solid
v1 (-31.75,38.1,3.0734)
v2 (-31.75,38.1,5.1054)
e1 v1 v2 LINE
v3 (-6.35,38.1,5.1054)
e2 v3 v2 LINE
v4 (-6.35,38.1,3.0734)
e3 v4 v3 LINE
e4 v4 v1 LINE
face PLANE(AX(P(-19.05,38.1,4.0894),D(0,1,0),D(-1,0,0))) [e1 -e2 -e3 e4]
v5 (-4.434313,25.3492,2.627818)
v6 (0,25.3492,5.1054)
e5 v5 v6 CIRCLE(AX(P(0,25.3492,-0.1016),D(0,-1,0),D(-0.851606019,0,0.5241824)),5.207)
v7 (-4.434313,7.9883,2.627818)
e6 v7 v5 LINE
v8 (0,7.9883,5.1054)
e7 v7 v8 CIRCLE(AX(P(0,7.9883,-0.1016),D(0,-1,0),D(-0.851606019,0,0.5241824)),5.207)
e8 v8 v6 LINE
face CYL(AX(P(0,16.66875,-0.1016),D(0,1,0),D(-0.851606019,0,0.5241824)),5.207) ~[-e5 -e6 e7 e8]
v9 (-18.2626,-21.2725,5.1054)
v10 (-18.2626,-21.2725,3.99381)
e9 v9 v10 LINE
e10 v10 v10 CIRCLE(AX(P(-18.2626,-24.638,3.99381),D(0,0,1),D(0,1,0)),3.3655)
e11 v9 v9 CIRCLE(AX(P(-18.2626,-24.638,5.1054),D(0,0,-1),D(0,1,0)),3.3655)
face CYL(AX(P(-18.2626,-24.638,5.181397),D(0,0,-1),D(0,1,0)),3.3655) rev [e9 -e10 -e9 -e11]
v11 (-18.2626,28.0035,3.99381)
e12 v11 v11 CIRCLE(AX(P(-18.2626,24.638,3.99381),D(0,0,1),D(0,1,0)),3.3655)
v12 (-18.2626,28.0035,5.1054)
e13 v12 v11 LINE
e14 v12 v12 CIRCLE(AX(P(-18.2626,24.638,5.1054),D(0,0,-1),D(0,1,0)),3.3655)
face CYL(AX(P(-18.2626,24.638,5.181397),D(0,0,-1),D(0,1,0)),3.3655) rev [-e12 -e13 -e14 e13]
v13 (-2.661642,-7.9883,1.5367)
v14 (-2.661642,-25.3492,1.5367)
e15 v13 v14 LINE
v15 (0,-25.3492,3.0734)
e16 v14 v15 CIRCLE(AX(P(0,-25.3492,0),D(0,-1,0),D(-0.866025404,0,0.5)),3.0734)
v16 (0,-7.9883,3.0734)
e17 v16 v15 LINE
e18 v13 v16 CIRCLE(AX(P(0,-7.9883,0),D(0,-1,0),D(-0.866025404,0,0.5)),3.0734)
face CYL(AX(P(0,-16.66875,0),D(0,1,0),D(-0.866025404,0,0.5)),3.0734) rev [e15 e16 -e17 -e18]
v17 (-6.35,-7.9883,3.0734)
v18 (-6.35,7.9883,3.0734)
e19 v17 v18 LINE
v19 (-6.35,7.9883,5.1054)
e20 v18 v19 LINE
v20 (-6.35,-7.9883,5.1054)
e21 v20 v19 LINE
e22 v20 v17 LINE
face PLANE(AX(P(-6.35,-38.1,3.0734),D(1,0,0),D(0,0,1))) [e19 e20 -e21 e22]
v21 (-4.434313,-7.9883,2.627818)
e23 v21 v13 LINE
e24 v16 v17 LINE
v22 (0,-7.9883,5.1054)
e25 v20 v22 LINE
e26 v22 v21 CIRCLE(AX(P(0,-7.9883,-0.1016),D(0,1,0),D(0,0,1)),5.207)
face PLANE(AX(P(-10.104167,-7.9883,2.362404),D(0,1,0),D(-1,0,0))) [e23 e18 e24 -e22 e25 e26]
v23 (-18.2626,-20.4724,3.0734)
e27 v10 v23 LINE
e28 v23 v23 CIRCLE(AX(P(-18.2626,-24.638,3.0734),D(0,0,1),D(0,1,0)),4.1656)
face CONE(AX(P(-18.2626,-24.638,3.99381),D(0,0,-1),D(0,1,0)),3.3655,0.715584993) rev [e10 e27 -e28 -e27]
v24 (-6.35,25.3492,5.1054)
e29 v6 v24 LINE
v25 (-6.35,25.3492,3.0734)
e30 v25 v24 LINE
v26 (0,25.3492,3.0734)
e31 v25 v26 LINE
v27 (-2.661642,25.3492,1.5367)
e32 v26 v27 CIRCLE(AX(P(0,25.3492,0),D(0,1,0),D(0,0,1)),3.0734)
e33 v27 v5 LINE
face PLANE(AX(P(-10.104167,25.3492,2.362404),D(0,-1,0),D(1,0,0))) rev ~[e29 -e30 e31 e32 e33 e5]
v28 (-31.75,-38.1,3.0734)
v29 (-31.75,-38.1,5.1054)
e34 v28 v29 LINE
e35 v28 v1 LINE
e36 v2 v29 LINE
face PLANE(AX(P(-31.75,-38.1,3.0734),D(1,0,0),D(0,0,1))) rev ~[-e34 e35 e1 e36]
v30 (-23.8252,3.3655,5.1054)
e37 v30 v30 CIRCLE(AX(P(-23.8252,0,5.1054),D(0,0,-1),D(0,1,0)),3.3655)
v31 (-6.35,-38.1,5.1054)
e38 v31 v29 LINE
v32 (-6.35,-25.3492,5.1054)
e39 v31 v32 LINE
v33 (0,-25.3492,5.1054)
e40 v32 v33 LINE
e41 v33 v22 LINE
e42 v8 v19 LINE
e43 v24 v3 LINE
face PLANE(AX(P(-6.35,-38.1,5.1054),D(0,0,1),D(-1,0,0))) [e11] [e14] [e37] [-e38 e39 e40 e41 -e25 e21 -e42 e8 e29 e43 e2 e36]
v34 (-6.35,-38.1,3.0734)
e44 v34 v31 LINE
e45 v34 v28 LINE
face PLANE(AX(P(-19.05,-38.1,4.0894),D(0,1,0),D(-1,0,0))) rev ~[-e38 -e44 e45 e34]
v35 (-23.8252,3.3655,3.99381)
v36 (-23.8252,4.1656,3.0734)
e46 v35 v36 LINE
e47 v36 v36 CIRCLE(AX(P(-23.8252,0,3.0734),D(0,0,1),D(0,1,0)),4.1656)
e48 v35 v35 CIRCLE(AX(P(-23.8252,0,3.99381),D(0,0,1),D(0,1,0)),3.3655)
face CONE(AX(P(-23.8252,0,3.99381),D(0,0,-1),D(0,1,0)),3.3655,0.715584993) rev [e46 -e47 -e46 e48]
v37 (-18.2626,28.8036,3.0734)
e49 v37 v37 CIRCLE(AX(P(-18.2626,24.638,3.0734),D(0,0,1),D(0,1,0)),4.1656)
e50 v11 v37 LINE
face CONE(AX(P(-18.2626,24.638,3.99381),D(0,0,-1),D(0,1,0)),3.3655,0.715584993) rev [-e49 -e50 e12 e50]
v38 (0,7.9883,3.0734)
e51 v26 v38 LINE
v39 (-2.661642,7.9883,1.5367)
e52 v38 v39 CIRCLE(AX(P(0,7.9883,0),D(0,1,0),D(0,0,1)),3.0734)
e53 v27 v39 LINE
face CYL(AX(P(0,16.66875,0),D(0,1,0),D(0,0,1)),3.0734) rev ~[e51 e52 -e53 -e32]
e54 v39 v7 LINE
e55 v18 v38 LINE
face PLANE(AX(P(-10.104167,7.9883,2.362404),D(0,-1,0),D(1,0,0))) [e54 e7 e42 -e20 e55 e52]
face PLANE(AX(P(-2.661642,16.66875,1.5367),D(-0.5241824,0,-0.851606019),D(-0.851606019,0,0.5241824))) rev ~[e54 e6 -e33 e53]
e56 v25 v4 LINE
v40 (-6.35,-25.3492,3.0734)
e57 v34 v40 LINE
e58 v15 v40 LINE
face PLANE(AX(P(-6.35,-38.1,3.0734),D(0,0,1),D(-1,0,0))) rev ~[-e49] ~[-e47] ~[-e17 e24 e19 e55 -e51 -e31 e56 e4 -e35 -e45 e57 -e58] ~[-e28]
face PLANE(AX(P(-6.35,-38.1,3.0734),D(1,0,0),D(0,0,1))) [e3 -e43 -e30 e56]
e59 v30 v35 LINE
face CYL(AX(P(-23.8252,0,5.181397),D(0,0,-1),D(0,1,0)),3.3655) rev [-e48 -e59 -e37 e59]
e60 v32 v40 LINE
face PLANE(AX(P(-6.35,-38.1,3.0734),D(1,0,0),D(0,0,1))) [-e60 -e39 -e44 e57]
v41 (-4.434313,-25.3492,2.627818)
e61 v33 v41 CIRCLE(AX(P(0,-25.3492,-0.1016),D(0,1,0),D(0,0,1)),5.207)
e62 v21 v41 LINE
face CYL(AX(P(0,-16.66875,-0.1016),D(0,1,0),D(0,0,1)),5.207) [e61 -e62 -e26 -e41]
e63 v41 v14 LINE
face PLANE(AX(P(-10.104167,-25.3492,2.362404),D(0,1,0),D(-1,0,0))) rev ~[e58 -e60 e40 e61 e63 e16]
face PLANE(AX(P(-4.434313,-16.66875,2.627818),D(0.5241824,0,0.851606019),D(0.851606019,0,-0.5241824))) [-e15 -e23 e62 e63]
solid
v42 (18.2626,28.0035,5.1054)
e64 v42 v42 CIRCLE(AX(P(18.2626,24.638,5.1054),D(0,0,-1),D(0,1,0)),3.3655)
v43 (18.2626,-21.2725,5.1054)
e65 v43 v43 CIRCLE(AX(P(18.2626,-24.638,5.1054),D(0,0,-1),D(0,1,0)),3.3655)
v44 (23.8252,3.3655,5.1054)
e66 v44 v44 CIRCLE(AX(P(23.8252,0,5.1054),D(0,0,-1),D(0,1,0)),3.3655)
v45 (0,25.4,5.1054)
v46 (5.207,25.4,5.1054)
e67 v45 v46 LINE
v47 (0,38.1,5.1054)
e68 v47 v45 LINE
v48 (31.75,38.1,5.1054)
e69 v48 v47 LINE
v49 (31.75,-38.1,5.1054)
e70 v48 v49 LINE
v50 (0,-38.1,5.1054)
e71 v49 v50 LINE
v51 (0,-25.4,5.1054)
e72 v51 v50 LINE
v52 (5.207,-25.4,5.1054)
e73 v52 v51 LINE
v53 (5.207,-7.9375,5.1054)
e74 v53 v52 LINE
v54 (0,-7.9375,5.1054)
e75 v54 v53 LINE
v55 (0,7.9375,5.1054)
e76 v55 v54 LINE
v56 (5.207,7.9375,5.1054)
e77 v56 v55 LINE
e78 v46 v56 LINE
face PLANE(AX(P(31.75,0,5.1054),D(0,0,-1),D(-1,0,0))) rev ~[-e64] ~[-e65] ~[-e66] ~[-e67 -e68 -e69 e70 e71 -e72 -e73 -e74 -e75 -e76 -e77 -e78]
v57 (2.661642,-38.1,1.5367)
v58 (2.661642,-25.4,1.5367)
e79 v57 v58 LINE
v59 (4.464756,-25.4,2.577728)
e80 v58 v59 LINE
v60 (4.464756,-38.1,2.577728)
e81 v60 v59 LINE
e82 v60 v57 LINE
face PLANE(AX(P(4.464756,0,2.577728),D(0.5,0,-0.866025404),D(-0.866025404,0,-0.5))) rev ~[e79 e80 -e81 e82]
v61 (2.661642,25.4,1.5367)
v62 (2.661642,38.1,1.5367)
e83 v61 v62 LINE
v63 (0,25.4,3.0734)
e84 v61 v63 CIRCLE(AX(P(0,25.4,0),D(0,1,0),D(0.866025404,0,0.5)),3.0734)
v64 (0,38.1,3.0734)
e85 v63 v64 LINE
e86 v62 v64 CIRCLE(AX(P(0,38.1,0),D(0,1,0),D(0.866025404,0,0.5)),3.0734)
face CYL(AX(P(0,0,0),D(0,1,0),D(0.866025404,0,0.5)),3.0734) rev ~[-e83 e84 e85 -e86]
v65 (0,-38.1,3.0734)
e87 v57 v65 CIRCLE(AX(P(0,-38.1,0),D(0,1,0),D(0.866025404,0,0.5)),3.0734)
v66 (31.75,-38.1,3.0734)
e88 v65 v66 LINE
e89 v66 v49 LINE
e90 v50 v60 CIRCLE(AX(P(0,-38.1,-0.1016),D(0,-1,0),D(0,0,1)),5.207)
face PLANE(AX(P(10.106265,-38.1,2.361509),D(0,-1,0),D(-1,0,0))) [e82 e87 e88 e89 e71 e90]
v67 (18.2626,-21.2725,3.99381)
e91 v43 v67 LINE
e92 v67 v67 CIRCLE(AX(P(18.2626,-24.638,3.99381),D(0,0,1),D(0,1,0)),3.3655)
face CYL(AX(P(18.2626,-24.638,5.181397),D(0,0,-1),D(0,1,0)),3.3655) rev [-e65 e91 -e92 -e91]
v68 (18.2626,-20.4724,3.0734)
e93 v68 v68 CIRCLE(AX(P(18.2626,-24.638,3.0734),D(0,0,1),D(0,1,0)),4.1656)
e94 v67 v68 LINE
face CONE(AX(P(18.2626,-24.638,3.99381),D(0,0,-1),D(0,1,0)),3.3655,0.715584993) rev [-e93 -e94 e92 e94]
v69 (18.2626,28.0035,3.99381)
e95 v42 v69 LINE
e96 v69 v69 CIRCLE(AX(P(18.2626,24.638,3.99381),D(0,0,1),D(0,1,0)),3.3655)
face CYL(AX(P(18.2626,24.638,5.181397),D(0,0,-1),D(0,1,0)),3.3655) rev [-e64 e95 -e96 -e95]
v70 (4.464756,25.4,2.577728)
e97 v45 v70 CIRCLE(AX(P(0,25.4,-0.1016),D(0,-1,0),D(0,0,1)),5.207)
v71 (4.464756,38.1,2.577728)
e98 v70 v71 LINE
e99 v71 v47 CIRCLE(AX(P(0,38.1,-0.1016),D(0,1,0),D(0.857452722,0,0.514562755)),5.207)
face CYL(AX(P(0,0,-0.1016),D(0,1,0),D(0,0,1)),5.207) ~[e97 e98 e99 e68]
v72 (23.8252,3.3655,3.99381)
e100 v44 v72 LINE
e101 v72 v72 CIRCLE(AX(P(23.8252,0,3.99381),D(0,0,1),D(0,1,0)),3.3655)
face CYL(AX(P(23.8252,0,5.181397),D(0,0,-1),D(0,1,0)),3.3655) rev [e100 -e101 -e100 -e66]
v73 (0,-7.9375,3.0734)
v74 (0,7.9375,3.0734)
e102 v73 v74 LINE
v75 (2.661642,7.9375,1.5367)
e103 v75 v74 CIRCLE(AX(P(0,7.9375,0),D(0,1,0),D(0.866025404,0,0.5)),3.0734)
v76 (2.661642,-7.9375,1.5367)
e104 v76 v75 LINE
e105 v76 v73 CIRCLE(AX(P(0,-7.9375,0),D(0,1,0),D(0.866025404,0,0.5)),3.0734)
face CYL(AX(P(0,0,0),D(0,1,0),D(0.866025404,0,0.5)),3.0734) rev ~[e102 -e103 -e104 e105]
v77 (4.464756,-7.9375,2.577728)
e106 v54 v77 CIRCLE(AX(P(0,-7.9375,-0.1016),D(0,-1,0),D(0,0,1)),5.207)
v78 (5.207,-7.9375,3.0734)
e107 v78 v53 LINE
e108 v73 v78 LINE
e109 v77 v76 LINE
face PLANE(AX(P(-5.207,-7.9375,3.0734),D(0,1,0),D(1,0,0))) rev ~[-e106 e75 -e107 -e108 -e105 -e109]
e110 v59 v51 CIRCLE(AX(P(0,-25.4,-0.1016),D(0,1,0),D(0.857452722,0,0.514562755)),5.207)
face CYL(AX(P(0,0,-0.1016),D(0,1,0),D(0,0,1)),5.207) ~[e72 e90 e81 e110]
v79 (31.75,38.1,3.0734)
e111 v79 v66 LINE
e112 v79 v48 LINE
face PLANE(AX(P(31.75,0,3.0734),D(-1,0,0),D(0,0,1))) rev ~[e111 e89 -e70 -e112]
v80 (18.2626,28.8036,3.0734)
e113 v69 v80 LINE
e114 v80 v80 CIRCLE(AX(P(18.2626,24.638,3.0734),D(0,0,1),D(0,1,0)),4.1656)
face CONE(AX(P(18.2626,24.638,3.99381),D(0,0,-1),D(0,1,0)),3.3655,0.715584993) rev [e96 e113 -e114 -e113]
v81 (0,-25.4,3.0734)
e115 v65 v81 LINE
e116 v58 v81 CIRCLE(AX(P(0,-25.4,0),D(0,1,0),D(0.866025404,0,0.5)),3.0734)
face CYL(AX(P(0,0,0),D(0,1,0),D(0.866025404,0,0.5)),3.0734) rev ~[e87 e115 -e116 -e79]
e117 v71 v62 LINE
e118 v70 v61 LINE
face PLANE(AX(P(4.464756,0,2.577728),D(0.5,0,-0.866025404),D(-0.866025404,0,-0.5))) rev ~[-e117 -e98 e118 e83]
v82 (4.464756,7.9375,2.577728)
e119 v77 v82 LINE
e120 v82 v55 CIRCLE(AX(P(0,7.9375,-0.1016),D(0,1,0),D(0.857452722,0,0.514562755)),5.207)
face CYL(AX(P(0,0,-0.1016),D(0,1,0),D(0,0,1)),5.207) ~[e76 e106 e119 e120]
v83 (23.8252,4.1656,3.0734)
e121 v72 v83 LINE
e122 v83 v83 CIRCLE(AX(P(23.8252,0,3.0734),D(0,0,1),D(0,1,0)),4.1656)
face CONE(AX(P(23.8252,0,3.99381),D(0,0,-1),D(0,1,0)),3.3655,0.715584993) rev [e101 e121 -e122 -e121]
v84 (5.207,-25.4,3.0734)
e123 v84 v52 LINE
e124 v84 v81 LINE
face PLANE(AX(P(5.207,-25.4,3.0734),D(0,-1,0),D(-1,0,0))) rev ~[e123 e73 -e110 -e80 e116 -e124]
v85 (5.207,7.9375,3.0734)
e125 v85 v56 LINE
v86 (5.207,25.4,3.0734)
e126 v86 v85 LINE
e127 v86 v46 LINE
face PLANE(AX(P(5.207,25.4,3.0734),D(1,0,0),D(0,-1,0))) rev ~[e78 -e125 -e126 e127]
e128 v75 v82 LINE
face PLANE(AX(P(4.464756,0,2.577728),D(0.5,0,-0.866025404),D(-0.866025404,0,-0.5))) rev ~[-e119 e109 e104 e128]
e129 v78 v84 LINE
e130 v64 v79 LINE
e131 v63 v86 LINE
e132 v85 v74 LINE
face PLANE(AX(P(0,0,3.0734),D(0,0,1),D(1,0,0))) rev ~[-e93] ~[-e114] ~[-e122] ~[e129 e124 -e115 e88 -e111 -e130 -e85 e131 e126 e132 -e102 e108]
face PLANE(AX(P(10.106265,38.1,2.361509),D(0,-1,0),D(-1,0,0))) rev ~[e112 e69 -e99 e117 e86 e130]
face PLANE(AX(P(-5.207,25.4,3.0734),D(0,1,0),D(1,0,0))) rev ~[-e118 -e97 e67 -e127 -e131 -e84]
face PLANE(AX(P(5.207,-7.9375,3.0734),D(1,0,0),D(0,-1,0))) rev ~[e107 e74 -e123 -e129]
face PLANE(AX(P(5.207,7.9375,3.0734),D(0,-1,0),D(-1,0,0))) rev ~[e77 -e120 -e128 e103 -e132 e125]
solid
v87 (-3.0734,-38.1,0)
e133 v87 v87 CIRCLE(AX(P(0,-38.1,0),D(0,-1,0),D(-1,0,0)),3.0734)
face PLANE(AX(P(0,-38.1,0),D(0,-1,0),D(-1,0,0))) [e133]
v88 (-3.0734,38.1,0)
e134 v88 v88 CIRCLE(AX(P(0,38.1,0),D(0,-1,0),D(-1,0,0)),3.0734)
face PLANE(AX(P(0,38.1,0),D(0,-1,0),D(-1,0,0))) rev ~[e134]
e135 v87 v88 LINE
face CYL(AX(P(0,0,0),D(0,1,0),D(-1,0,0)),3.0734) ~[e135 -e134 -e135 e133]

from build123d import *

# Parameters (mm, degrees)
EXTRUDE1_DEPTH                                = 38.1
CUT_EXTRUDE1_DEPTH                            = 9.382
CUT_EXTRUDE1_DEPTH_BACK                       = 3.032
EXTRUDE2_DEPTH                                = 8.68045
EXTRUDE2_DEPTH_BACK                           = 8.68045
EXTRUDE3_DEPTH                                = 8.68045
EXTRUDE3_DEPTH_BACK                           = 8.68045
EXTRUDE4_START                                = -21.43125
SKETCH5_W                                     = 25.4
SKETCH5_H                                     = 2.032
EXTRUDE4_DEPTH                                = 76.2
SKETCH6_W                                     = 3.0734
SKETCH6_H                                     = 76.2
CSK_FOR_8_FLAT_HEAD_MACHINE_SCREW2_AT_2_COUNT = 2
CSK_FOR_8_FLAT_HEAD_MACHINE_SCREW2_AT_2_PITCH = 25.258138545
CSK_FOR_8_FLAT_HEAD_MACHINE_SCREW2_AT_3_COUNT = 2
CSK_FOR_8_FLAT_HEAD_MACHINE_SCREW2_AT_3_PITCH = 25.258138545
CSK_FOR_8_FLAT_HEAD_MACHINE_SCREW2_AT_4_COUNT = 2
CSK_FOR_8_FLAT_HEAD_MACHINE_SCREW2_AT_4_PITCH = 48.768985563
CSK_FOR_8_FLAT_HEAD_MACHINE_SCREW2_AT_5_COUNT = 2
CSK_FOR_8_FLAT_HEAD_MACHINE_SCREW2_AT_5_PITCH = 47.6504
CSK_FOR_8_FLAT_HEAD_MACHINE_SCREW2_AT_6_COUNT = 2
CSK_FOR_8_FLAT_HEAD_MACHINE_SCREW2_AT_6_PITCH = 48.768985563


with BuildPart() as part:
    # Sketch1 → Extrude1 (new body, symmetric)
    with BuildSketch(Plane(origin=(0, 0, 0), x_dir=(1, 0, 0), z_dir=(0, 1, 0))):
        with BuildLine():
            Line((0, -3.0734), (31.75, -3.0734))
            Line((31.75, -3.0734), (31.75, -5.1054))
            Line((31.75, -5.1054), (0, -5.1054))
            ThreePointArc((0, -5.1054), (-2.565305705, 4.63283114), (4.464756325, -2.577728266))
            Line((4.464756325, -2.577728266), (2.661642476, -1.5367))
            ThreePointArc((2.661642476, -1.5367), (-1.5367, 2.661642476), (0, -3.0734))
        make_face()
    extrude(amount=EXTRUDE1_DEPTH, both=True)

    # Sketch2 → Cut-Extrude1 (cut, two sides)
    with BuildSketch(Plane(origin=(0, 0, 3.0734), x_dir=(-1, 0, 0), z_dir=(0, 0, -1))) as cut_extrude1_sk:
        Polygon((5.207, 217.478391172), (5.207, 38.1), (5.207, 25.4), (-5.207, 25.4), (-5.207, 7.9375), (5.207, 7.9375), (5.207, -7.9375), (-5.207, -7.9375), (-5.207, -25.4), (5.207, -25.4), (5.207, -38.1), (5.207, -217.478391172), (363.963782344, -217.478391172), (363.963782344, 217.478391172), align=None)
    extrude(amount=CUT_EXTRUDE1_DEPTH, mode=Mode.SUBTRACT)
    extrude(cut_extrude1_sk.sketch, amount=-CUT_EXTRUDE1_DEPTH_BACK, mode=Mode.SUBTRACT)


with BuildPart() as body_2:
    # Sketch3 → Extrude2 (new body, two sides)
    with BuildSketch(Plane(origin=(0, 16.66875, 0), x_dir=(-1, 0, 0), z_dir=(0, 1, 0))) as extrude2_sk:
        with BuildLine():
            Line((31.75, 5.1054), (31.75, 3.0734))
            Line((31.75, 3.0734), (0, 3.0734))
            ThreePointArc((0, 3.0734), (-1.5367, -2.661642476), (2.661642476, 1.5367))
            Line((2.661642476, 1.5367), (4.434312541, 2.627817757))
            ThreePointArc((4.434312541, 2.627817757), (-2.539760888, -4.64719827), (0, 5.1054))
            Line((0, 5.1054), (31.75, 5.1054))
        make_face()
    extrude(amount=EXTRUDE2_DEPTH)
    extrude(extrude2_sk.sketch, amount=-EXTRUDE2_DEPTH_BACK)



with BuildPart() as body_3:
    # Sketch4 → Extrude3 (new body, two sides)
    with BuildSketch(Plane(origin=(0, -16.66875, 0), x_dir=(-1, 0, 0), z_dir=(0, 1, 0))) as extrude3_sk:
        with BuildLine():
            Line((0, 3.0734), (31.75, 3.0734))
            Line((31.75, 3.0734), (31.75, 5.1054))
            Line((31.75, 5.1054), (0, 5.1054))
            ThreePointArc((0, 5.1054), (-2.539760888, -4.64719827), (4.434312541, 2.627817757))
            Line((4.434312541, 2.627817757), (2.661642476, 1.5367))
            ThreePointArc((2.661642476, 1.5367), (-1.5367, -2.661642476), (0, 3.0734))
        make_face()
    extrude(amount=EXTRUDE3_DEPTH)
    extrude(extrude3_sk.sketch, amount=-EXTRUDE3_DEPTH_BACK)


with BuildPart() as body_2_1:
    add(body_2.part)

    add(body_3.part)  # Extrude4 merges body 3
    # Sketch5 → Extrude4 (add)
    with BuildSketch(Plane(origin=(0, -16.66875, 0), x_dir=(-1, 0, 0), z_dir=(0, 1, 0)).offset(EXTRUDE4_START)):
        with Locations((19.05, 4.0894)):
            Rectangle(SKETCH5_W, SKETCH5_H)
    extrude(amount=EXTRUDE4_DEPTH)

    # Sketch9 → CSK for #8 Flat Head Machine Screw2 (revolve, cut)
    with BuildSketch(Plane(origin=(-23.8252, 0, 3.0734), x_dir=(0, 1, 0), z_dir=(1, 0, 0))):
        Polygon((0, 0), (0, 4.130193213), (3.3655, 2.1079968), (3.3655, 0.920409763), (4.1656, 0), align=None)
    csk_for_8_flat_head_machine_screw2 = revolve(axis=Axis((-23.8252, 0, -3.2766), (0, 0, 1)), mode=Mode.SUBTRACT)

    # CSK for #8 Flat Head Machine Screw2 at 2: CSK for #8 Flat Head Machine Screw2 ×2
    with Locations(*[Vector(0.220230006, 0.975447971, 0) * (i * CSK_FOR_8_FLAT_HEAD_MACHINE_SCREW2_AT_2_PITCH) for i in range(1, CSK_FOR_8_FLAT_HEAD_MACHINE_SCREW2_AT_2_COUNT)]):
        add(csk_for_8_flat_head_machine_screw2, mode=Mode.SUBTRACT)

    # CSK for #8 Flat Head Machine Screw2 at 3: CSK for #8 Flat Head Machine Screw2 ×2
    with Locations(*[Vector(0.220230006, -0.975447971, 0) * (i * CSK_FOR_8_FLAT_HEAD_MACHINE_SCREW2_AT_3_PITCH) for i in range(1, CSK_FOR_8_FLAT_HEAD_MACHINE_SCREW2_AT_3_COUNT)]):
        add(csk_for_8_flat_head_machine_screw2, mode=Mode.SUBTRACT)


with BuildPart() as body_3_2:
    # Sketch6 → Revolve1 (revolve)
    with BuildSketch(Plane.XY):
        with Locations((-1.5367, 0)):
            Rectangle(SKETCH6_W, SKETCH6_H)
    revolve(axis=Axis((0, 42.361566849, 0), (0, -1, 0)))


with BuildPart() as part_1:
    add(part.part)

    # CSK for #8 Flat Head Machine Screw2 at 4: CSK for #8 Flat Head Machine Screw2 ×2
    with Locations(*[Vector(0.863003393, -0.505198124, 0) * (i * CSK_FOR_8_FLAT_HEAD_MACHINE_SCREW2_AT_4_PITCH) for i in range(1, CSK_FOR_8_FLAT_HEAD_MACHINE_SCREW2_AT_4_COUNT)]):
        add(csk_for_8_flat_head_machine_screw2, mode=Mode.SUBTRACT)

    # CSK for #8 Flat Head Machine Screw2 at 5: CSK for #8 Flat Head Machine Screw2 ×2
    with Locations(*[(i * CSK_FOR_8_FLAT_HEAD_MACHINE_SCREW2_AT_5_PITCH, 0, 0) for i in range(1, CSK_FOR_8_FLAT_HEAD_MACHINE_SCREW2_AT_5_COUNT)]):
        add(csk_for_8_flat_head_machine_screw2, mode=Mode.SUBTRACT)

    # CSK for #8 Flat Head Machine Screw2 at 6: CSK for #8 Flat Head Machine Screw2 ×2
    with Locations(*[Vector(0.863003393, 0.505198124, 0) * (i * CSK_FOR_8_FLAT_HEAD_MACHINE_SCREW2_AT_6_PITCH) for i in range(1, CSK_FOR_8_FLAT_HEAD_MACHINE_SCREW2_AT_6_COUNT)]):
        add(csk_for_8_flat_head_machine_screw2, mode=Mode.SUBTRACT)


solid = Compound([body_2_1.part, body_3_2.part, part_1.part])
